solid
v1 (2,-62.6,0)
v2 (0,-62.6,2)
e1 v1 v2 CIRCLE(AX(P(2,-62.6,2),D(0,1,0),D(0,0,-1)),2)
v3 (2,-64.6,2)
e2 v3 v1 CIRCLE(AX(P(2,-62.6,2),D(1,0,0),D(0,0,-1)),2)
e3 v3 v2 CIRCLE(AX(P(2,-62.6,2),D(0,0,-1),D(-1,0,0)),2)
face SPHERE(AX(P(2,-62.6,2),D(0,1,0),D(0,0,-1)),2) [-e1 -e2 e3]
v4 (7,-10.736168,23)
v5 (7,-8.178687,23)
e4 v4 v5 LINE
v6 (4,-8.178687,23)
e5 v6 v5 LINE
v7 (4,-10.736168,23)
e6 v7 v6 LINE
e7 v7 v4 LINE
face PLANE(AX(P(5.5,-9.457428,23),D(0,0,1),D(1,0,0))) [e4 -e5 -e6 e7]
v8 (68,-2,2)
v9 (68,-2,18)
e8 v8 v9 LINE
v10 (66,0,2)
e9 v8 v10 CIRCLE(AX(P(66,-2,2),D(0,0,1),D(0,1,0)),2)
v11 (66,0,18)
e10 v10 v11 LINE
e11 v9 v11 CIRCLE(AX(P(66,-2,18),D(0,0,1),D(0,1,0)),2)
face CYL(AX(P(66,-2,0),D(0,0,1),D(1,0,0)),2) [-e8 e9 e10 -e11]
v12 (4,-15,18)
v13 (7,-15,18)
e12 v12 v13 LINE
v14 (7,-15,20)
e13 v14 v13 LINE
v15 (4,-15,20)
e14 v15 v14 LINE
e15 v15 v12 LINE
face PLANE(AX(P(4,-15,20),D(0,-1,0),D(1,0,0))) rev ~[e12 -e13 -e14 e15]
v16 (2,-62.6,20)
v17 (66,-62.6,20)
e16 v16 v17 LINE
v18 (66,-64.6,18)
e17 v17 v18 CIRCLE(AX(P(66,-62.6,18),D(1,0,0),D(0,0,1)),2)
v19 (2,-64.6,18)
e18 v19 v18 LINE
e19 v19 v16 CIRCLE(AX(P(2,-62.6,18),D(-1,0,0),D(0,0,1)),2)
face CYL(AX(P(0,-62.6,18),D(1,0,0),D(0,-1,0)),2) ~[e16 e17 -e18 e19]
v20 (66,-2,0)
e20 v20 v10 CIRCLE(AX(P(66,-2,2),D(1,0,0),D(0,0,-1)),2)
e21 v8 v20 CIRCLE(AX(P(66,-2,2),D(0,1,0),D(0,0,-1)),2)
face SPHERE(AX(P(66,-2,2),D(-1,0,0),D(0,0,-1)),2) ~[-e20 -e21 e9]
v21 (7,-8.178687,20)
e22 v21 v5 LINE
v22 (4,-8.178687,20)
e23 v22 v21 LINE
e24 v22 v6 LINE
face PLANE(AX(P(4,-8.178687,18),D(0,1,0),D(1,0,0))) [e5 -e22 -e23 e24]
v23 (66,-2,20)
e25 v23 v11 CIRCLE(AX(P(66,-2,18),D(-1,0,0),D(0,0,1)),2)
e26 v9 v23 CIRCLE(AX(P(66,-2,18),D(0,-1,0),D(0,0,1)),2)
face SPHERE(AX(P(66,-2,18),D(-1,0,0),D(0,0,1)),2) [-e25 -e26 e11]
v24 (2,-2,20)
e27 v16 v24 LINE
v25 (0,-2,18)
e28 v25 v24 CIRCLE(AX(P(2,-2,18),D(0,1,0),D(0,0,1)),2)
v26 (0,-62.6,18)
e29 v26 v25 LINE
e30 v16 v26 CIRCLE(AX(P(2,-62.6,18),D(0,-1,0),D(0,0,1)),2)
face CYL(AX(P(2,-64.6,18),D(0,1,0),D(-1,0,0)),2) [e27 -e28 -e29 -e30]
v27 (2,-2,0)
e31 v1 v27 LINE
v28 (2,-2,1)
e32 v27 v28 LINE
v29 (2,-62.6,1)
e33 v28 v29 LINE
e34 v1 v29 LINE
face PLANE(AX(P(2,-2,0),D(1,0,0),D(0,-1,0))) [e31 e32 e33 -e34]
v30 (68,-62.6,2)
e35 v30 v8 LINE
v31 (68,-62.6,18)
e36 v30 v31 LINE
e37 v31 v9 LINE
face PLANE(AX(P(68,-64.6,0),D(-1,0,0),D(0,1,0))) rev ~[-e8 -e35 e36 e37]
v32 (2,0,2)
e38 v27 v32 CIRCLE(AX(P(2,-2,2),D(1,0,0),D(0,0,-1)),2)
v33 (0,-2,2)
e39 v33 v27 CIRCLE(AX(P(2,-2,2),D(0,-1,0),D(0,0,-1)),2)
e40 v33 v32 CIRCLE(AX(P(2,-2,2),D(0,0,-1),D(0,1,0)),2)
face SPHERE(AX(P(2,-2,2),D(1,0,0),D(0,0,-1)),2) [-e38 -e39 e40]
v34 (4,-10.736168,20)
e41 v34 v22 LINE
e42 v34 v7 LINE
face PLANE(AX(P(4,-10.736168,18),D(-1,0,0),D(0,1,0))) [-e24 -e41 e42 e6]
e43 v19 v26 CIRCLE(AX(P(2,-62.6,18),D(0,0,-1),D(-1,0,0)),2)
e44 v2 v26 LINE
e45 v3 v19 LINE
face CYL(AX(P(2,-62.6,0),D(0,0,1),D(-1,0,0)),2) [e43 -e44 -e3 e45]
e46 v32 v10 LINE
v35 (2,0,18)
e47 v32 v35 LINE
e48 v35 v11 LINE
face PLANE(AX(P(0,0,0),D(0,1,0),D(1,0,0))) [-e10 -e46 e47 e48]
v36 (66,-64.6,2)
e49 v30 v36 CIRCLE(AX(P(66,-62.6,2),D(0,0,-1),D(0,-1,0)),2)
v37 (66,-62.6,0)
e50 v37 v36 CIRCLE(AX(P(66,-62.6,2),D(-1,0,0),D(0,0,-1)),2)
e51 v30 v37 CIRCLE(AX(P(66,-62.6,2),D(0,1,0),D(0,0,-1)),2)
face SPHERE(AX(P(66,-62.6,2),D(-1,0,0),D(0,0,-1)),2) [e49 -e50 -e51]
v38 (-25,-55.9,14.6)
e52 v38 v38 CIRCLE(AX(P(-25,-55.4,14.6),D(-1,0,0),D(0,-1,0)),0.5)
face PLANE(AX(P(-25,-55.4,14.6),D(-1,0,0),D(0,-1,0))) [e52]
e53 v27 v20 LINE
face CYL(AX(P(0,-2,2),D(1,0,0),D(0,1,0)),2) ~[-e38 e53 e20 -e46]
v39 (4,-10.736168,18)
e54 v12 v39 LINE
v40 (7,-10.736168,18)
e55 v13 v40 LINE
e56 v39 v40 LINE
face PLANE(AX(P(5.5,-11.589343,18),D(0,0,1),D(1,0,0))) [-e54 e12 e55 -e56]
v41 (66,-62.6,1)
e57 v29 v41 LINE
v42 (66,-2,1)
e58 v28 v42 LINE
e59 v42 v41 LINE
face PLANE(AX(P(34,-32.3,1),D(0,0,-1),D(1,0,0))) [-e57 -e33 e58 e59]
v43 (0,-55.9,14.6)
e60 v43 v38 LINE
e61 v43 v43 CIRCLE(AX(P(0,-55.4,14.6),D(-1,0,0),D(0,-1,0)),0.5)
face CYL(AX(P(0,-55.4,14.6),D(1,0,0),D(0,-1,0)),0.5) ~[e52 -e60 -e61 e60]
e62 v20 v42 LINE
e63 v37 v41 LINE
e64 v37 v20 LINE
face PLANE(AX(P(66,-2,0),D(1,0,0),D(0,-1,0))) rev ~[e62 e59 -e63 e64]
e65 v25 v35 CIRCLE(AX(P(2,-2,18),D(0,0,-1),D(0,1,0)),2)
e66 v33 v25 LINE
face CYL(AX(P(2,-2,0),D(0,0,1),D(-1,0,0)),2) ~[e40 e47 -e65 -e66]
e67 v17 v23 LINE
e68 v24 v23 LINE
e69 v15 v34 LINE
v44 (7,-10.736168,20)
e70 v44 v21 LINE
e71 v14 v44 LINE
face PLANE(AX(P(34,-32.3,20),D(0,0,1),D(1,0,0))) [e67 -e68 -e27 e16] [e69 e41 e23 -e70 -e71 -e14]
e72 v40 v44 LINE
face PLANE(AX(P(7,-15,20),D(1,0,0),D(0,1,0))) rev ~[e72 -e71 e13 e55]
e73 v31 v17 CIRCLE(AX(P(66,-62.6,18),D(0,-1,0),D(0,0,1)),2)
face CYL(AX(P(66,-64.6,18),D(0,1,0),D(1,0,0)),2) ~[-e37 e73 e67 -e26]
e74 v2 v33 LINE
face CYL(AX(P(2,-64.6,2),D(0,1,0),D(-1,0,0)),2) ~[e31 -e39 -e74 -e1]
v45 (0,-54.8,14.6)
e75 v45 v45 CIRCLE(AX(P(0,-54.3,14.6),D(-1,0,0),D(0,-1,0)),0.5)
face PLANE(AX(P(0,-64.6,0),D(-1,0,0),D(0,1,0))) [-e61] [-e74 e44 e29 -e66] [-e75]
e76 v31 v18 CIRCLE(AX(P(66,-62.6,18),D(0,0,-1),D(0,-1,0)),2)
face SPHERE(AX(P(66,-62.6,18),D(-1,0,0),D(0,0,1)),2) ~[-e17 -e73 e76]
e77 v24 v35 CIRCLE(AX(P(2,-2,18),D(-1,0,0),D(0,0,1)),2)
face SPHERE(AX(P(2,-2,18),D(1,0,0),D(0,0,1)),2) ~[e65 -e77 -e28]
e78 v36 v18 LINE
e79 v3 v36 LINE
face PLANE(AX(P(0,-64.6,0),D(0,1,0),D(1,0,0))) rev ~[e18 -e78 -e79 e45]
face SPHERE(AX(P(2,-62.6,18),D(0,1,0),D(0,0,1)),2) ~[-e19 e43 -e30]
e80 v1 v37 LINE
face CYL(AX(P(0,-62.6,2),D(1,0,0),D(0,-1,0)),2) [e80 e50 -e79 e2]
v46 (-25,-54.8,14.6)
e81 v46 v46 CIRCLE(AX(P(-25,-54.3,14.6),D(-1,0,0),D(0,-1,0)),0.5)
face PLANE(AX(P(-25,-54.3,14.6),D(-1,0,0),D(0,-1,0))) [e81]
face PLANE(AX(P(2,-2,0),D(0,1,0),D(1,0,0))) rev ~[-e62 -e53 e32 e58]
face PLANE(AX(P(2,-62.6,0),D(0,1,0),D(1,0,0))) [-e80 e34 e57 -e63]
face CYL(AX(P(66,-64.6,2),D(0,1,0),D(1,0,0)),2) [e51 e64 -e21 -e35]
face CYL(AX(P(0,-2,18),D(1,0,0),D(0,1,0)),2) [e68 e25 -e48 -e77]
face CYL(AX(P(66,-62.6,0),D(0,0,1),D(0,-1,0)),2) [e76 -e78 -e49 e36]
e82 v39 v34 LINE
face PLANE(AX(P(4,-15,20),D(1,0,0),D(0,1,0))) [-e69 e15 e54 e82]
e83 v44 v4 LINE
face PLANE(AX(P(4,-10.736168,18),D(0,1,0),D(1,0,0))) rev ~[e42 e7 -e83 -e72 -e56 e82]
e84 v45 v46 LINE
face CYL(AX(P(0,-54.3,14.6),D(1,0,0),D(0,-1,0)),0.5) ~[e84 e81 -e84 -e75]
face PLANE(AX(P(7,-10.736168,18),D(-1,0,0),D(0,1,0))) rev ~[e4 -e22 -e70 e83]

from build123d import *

# Parameters (mm, degrees)
F0_W      = 68
F0_H      = 64.6
F1_DEPTH  = 20
F2_R      = 2
F3_W      = 3
F3_H      = 6.8213130001
F4_DEPTH  = 2
F5_W      = 3
F5_H      = 2.5574813623
F6_DEPTH  = 5
F7_R      = 0.5
F8_DEPTH  = 25
F9_W      = 64
F9_H      = 60.6
F9_R      = 2.5
F10_DEPTH = 1


with BuildPart() as f1:
    # F0 (on Top) → F1 (new body)
    with BuildSketch(Plane.XY):
        with Locations((34, -32.3)):
            Rectangle(F0_W, F0_H)
    extrude(amount=F1_DEPTH)

    # F2
    f2_edges = [f1.edges().sort_by_distance(p)[0] for p in [
        (34, 0, 20),
        (0, -32.3, 20),
        (34, -64.6, 20),
        (68, -32.3, 20),
        (34, 0, 0),
        (0, -32.3, 0),
        (34, -64.6, 0),
        (68, -32.3, 0),
        (68, -64.6, 10),
        (68, 0, 10),
        (0, 0, 10),
        (0, -64.6, 10),
    ]]
    fillet(f2_edges, radius=F2_R)

    # F3 (on face) → F4 (cut)
    with BuildSketch(Plane.XY.offset(20)):
        with Locations((5.5, -11.5893434999)):
            Rectangle(F3_W, F3_H)
    extrude(amount=-F4_DEPTH, mode=Mode.SUBTRACT)

    # F5 (on face) → F6 (join)
    with BuildSketch(Plane.XY.offset(18)):
        with Locations((5.5, -9.457427681)):
            Rectangle(F5_W, F5_H)
    extrude(amount=F6_DEPTH)

    # F7 (on face) → F8 (join)
    with BuildSketch(Plane(origin=(0, 0, 0), x_dir=(0, -1, 0), z_dir=(-1, 0, 0))):
        with Locations((54.3, 14.6)):
            Circle(F7_R)
        with Locations((55.4, 14.6)):
            Circle(F7_R)
    extrude(amount=F8_DEPTH)

    # F9 (on face) → F10 (cut)
    with BuildSketch(Plane(origin=(0, 0, 0), x_dir=(1, 0, 0), z_dir=(0, 0, -1))):
        with Locations((34, 32.3)):
            Rectangle(F9_W, F9_H)
        with Locations((6, 32.3)):
            Circle(F9_R, mode=Mode.SUBTRACT)
        with Locations((6, 32.3)):
            Circle(F9_R)
    extrude(amount=-F10_DEPTH, mode=Mode.SUBTRACT)


solid = f1.part
